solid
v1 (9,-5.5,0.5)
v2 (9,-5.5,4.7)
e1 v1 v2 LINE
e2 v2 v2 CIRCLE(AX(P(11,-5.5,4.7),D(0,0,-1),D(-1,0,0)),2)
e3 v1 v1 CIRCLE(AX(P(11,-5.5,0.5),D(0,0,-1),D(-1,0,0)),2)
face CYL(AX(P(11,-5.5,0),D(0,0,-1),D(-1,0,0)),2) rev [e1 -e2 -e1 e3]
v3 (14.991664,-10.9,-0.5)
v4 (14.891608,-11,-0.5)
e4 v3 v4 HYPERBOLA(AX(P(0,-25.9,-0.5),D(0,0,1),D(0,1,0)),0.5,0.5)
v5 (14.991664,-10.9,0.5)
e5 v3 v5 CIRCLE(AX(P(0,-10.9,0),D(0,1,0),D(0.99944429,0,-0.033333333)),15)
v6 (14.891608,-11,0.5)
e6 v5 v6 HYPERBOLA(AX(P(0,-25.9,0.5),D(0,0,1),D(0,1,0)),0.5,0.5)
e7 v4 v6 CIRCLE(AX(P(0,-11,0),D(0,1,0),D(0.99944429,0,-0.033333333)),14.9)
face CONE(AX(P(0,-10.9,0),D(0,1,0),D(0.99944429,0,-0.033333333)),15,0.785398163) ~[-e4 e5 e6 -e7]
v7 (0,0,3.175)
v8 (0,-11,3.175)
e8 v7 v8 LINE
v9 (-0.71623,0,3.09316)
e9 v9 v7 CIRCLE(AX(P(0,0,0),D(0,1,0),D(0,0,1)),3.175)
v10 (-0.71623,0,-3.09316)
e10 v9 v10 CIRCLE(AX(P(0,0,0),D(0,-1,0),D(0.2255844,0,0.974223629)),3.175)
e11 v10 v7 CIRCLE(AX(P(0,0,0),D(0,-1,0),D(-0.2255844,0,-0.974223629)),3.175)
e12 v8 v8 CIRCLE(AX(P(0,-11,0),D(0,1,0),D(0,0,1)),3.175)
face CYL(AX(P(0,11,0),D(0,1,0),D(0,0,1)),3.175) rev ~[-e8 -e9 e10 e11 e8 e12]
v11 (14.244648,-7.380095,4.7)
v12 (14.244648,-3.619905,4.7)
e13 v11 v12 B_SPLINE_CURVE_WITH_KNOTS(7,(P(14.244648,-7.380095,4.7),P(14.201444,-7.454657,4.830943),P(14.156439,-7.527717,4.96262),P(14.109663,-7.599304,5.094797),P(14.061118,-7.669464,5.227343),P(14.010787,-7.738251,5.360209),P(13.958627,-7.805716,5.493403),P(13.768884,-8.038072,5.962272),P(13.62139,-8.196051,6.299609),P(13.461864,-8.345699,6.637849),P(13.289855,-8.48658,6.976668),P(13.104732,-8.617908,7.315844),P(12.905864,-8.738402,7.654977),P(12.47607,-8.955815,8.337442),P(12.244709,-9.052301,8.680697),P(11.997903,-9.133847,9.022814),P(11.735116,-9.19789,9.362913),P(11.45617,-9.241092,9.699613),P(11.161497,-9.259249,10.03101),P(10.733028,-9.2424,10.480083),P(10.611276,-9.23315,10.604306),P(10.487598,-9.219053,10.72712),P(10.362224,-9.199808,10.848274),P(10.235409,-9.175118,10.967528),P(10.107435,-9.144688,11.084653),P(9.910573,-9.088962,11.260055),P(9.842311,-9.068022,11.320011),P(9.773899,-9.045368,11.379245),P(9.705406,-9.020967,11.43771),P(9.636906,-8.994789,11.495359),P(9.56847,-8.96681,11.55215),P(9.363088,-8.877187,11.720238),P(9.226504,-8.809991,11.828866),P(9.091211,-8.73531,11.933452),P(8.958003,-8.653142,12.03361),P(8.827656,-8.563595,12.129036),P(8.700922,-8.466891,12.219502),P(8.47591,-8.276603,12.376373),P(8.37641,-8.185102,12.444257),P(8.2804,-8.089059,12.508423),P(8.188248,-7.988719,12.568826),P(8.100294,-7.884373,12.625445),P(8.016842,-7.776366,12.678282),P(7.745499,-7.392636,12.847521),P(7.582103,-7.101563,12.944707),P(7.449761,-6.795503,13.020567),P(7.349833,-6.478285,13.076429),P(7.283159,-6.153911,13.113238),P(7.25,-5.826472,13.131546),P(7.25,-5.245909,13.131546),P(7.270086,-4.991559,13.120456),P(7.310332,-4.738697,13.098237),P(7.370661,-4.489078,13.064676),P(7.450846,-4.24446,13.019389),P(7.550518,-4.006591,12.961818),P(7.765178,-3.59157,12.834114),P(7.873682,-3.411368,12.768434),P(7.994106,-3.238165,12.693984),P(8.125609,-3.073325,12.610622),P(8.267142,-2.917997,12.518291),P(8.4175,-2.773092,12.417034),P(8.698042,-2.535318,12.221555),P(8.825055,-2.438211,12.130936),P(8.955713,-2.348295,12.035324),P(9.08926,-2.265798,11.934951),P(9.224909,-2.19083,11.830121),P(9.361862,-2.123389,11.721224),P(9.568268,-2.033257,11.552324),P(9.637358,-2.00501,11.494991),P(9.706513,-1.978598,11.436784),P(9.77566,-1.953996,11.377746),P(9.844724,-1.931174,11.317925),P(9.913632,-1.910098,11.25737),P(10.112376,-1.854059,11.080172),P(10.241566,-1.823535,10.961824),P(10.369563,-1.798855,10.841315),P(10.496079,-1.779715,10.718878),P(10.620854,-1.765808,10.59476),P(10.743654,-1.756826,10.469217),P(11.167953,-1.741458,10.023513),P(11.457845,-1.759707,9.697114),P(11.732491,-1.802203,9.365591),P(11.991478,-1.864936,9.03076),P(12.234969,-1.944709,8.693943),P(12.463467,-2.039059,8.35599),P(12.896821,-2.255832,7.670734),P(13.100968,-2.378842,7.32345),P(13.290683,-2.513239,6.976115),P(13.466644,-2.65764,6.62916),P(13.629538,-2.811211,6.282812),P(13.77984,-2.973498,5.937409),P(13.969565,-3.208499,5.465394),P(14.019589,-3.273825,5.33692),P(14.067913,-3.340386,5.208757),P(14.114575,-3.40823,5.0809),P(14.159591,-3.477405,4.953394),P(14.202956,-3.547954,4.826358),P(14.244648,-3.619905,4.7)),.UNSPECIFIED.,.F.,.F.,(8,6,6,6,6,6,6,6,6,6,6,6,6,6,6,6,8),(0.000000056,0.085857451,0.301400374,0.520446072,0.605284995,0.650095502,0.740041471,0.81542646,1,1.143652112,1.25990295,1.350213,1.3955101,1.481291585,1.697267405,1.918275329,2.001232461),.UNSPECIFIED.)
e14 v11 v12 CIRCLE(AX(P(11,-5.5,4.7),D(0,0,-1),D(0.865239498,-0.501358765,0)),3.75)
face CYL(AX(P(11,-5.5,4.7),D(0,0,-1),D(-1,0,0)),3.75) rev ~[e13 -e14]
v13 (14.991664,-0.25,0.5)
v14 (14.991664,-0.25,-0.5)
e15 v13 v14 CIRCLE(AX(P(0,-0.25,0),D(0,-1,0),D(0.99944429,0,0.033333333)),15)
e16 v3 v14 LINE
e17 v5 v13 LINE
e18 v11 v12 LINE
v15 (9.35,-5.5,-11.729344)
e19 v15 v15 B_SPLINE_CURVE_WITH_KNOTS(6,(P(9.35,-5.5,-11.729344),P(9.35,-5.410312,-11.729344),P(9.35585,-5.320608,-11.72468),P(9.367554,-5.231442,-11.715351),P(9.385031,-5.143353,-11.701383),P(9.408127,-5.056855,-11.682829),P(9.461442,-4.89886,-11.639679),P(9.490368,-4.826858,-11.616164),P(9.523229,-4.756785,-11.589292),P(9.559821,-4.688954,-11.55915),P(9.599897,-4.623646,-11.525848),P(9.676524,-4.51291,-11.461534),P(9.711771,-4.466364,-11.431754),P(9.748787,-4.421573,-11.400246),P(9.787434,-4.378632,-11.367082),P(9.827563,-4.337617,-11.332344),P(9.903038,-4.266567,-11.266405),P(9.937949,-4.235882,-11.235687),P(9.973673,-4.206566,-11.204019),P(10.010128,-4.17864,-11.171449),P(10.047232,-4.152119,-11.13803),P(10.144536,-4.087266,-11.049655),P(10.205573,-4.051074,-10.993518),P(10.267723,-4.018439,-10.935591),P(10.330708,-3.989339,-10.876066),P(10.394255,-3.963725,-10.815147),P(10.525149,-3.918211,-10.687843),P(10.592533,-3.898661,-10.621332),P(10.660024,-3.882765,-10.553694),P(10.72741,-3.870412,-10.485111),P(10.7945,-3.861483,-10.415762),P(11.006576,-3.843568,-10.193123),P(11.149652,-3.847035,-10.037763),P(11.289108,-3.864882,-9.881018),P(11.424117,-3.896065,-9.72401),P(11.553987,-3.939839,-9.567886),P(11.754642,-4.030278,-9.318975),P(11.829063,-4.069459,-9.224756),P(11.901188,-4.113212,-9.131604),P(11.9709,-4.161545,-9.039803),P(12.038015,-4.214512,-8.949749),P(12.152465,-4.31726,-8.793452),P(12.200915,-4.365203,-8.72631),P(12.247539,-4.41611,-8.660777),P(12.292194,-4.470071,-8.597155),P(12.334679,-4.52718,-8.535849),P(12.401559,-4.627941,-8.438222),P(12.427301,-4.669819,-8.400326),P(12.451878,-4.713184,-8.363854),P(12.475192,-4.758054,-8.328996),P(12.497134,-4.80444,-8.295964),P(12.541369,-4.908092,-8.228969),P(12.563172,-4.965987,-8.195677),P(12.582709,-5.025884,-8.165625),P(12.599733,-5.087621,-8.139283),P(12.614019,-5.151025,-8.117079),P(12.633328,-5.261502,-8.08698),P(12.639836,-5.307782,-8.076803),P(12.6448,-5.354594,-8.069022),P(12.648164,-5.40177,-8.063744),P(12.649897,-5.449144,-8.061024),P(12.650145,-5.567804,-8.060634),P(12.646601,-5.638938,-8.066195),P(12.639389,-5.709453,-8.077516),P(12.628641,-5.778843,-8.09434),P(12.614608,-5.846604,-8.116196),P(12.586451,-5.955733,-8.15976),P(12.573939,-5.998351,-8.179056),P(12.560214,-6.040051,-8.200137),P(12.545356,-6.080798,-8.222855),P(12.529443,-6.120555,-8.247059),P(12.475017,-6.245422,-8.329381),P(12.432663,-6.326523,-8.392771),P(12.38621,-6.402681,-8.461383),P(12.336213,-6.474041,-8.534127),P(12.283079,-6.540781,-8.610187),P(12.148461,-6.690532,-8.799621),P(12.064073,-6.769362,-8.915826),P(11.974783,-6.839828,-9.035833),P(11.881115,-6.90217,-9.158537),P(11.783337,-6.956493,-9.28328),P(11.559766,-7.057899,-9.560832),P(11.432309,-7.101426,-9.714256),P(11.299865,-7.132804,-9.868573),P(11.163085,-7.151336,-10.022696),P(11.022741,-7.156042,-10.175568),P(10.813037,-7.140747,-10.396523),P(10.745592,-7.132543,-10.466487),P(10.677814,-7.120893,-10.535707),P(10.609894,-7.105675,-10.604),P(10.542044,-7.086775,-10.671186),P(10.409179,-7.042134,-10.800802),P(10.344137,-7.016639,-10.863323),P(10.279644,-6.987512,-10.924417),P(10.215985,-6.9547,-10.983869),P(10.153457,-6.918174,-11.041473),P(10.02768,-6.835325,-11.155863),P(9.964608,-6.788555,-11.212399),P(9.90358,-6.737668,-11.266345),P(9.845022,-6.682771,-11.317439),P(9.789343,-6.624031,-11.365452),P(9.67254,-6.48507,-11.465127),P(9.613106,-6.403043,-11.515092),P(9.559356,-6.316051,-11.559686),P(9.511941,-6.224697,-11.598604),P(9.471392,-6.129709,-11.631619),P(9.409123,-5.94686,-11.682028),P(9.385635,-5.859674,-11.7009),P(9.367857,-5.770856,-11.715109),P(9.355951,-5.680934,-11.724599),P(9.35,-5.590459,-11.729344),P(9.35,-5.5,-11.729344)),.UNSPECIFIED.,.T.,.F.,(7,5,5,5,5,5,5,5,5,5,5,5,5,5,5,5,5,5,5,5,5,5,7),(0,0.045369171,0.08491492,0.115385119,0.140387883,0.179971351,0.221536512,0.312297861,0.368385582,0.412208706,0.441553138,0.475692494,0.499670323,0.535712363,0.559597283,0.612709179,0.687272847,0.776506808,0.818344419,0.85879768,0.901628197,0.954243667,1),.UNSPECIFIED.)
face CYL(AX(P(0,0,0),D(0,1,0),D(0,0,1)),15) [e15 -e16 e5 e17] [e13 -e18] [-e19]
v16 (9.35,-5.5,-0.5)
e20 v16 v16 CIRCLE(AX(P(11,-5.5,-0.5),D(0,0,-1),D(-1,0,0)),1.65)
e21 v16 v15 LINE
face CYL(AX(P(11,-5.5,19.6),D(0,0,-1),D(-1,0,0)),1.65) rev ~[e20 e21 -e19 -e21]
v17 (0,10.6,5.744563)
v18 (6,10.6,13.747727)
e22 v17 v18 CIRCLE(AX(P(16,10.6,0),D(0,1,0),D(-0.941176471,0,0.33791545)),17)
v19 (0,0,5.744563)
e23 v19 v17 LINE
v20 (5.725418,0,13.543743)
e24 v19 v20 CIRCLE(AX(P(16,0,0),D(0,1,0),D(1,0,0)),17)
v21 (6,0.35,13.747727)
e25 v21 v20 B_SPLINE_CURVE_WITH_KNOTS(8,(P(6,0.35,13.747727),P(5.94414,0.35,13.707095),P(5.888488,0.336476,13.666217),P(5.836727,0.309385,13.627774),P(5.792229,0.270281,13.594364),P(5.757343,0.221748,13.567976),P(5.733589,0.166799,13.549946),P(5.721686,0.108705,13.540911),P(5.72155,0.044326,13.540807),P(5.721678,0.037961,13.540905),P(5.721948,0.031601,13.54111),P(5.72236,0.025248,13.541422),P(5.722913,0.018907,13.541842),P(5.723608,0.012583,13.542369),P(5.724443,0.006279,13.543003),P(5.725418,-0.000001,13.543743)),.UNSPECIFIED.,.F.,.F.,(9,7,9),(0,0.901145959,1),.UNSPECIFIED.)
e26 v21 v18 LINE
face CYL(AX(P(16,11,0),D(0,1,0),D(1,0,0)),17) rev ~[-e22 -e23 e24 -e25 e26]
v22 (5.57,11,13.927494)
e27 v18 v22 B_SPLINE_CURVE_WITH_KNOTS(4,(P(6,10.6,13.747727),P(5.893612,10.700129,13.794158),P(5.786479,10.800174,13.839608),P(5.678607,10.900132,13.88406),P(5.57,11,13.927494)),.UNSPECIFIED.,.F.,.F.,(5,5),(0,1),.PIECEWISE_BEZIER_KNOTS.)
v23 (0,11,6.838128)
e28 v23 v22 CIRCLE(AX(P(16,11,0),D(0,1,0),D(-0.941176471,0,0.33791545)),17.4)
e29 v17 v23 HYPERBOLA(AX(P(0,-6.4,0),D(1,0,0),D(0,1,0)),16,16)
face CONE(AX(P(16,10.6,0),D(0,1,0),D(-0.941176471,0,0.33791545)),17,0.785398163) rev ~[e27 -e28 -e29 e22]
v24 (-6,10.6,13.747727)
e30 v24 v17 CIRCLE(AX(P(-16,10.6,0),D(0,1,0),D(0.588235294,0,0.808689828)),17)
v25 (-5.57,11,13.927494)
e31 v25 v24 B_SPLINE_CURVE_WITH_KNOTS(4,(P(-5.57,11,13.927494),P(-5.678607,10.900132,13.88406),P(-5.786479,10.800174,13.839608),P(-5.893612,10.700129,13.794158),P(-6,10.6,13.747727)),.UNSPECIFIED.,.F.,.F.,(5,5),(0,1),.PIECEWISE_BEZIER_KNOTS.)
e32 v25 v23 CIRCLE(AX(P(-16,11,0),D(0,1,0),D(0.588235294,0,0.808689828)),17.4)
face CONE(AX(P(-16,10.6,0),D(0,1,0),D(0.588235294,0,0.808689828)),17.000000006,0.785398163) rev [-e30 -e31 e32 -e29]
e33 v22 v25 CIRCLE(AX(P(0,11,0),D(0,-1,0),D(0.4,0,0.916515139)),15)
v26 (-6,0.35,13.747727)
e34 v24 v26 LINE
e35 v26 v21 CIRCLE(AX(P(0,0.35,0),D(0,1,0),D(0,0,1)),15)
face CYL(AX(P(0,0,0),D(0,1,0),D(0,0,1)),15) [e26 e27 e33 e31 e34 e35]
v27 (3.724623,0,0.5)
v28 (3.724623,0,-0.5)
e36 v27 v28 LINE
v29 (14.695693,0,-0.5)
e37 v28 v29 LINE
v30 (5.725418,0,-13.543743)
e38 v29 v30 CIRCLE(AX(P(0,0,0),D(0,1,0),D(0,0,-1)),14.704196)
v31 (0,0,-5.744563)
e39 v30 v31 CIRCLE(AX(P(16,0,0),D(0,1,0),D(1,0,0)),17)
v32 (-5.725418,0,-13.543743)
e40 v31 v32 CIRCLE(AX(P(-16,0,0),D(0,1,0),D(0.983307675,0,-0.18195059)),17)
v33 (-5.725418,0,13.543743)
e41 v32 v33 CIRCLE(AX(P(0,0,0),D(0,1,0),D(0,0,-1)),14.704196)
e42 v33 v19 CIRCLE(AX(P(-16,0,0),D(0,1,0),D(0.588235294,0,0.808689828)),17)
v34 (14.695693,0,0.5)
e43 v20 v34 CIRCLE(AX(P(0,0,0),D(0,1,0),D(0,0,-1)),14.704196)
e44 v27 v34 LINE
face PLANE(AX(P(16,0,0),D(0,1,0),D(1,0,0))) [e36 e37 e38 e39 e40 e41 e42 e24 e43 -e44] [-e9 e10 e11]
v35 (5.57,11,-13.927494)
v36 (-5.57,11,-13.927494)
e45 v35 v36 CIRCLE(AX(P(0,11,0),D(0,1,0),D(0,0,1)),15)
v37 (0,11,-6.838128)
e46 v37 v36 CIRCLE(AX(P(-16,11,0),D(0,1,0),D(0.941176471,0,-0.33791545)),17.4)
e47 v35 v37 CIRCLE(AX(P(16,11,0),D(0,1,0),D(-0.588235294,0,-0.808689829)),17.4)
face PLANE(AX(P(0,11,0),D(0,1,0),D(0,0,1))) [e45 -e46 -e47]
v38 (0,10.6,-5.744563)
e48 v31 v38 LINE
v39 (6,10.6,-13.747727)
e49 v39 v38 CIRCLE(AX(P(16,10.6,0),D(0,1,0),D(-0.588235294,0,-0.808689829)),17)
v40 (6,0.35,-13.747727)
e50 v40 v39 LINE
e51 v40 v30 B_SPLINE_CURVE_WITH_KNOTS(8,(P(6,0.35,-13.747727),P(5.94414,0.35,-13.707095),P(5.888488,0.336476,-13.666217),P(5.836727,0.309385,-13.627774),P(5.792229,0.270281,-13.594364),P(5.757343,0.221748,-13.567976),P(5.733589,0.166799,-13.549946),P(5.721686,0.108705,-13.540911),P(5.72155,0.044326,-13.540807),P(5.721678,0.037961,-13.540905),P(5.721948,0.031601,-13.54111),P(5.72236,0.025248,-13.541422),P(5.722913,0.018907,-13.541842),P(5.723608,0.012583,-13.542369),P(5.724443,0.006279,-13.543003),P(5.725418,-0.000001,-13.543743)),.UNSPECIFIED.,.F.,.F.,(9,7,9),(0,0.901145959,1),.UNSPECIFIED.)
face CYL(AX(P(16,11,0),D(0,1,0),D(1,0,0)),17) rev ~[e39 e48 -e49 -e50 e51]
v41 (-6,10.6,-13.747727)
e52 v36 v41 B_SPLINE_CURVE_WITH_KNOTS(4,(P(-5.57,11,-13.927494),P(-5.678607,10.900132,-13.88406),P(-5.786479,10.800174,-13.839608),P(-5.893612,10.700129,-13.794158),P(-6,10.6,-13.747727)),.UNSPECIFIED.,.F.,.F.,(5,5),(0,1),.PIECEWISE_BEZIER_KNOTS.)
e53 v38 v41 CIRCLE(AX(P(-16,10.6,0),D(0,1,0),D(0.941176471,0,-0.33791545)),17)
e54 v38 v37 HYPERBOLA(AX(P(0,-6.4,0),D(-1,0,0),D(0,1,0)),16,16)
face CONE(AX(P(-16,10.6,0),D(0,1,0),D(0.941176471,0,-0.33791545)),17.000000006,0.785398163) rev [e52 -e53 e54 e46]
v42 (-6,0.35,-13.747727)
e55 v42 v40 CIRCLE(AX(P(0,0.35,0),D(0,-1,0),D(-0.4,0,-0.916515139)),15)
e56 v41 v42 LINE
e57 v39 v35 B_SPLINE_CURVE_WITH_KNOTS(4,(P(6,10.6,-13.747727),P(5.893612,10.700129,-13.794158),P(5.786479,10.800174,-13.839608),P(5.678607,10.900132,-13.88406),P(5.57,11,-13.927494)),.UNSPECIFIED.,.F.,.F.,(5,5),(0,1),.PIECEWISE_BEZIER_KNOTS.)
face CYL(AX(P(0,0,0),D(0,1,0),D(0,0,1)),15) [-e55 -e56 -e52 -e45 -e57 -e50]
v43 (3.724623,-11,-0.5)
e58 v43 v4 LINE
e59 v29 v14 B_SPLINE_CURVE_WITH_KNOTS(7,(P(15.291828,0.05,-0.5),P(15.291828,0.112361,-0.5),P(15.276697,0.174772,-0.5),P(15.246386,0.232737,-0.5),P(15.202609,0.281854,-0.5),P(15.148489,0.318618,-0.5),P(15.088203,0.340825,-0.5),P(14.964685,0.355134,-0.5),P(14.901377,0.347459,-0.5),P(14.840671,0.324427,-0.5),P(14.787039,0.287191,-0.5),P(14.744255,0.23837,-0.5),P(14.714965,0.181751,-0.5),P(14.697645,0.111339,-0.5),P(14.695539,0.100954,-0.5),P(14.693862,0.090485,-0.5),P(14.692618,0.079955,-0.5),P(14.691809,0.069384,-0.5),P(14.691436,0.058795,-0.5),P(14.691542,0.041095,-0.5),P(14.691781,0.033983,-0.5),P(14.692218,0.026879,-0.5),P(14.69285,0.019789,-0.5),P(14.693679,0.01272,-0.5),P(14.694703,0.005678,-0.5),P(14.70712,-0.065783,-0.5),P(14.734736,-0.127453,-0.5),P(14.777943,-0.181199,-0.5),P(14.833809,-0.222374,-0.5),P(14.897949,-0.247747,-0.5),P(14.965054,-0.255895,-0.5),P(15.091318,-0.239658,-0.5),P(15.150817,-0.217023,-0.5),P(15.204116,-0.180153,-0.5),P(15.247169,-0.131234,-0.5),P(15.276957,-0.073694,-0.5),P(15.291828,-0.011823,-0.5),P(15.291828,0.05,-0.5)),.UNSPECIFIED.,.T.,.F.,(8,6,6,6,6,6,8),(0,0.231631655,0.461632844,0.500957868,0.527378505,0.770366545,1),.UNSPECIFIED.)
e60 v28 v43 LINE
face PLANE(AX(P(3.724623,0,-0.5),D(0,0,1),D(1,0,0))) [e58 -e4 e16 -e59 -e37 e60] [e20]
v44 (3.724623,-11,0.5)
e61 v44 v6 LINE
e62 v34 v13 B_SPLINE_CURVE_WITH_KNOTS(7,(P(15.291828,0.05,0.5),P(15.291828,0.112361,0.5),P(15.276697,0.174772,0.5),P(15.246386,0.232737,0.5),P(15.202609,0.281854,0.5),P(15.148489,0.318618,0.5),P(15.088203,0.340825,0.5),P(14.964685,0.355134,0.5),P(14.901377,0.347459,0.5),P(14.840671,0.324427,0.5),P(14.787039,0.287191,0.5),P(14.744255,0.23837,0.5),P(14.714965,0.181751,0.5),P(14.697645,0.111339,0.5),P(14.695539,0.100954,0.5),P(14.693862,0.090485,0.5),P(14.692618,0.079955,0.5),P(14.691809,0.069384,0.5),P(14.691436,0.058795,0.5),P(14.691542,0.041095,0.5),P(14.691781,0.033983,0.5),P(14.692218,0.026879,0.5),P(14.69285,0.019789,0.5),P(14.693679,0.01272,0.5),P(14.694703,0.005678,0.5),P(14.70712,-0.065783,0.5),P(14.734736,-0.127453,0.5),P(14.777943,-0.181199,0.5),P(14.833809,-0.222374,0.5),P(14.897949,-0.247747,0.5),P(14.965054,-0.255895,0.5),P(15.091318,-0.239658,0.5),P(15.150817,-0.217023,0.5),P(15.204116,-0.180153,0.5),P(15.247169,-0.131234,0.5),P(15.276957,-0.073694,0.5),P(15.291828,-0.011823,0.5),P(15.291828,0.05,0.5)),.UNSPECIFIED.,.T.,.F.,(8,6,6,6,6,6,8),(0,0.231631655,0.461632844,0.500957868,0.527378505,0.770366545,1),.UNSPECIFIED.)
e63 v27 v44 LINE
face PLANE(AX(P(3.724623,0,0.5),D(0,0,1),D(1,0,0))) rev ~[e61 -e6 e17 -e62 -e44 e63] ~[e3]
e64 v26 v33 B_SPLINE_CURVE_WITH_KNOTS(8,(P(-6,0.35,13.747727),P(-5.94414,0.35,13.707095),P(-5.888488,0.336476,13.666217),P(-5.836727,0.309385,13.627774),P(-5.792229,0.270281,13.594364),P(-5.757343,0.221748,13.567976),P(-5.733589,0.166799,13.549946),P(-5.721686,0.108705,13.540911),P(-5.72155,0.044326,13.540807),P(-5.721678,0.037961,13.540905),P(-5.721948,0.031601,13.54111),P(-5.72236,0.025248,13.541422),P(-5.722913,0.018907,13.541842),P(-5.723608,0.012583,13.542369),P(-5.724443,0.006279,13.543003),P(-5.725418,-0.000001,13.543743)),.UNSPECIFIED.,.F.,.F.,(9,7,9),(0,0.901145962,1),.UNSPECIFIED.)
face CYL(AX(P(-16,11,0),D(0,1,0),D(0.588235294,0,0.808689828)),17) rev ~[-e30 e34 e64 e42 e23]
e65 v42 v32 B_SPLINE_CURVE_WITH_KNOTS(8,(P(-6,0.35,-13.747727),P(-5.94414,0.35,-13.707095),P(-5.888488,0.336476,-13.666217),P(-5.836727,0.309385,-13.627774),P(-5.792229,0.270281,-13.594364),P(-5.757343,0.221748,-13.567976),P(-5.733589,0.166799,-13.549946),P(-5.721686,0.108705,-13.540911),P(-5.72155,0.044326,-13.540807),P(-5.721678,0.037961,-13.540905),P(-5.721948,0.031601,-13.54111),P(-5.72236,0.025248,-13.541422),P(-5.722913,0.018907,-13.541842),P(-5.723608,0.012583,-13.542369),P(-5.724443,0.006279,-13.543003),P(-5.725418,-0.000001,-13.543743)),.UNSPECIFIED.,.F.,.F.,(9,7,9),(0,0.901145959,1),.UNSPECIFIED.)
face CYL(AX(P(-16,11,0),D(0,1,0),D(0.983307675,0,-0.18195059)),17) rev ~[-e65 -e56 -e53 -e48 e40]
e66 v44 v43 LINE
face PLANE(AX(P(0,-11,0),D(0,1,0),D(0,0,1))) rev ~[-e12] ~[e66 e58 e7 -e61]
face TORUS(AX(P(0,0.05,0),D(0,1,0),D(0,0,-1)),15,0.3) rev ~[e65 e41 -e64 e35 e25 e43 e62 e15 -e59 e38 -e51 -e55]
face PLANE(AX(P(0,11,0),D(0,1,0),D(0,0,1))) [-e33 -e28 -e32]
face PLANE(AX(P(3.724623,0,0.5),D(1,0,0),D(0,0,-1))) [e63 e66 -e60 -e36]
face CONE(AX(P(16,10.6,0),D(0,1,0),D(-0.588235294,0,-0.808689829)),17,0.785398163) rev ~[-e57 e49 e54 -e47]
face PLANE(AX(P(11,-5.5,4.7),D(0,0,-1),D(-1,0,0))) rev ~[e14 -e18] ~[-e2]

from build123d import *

# Parameters (mm, degrees)
SKETCH1_R             = 15
BOSS_EXTRUDE1_DEPTH   = 11
SKETCH2_R             = 3.175
CUT_EXTRUDE1_DEPTH    = 23
SKETCH3_R             = 17
CUT_EXTRUDE2_DEPTH    = 11
CUT_EXTRUDE3_DEPTH    = 11
SKETCH5_W             = 16.165630516
SKETCH5_H             = 1
CUT_EXTRUDE4_DEPTH    = 21
SKETCH6_R             = 2
CUT_EXTRUDE5_DEPTH    = 21
CUT_EXTRUDE6_START    = -4.2
SKETCH7_R             = 3.75
CUT_EXTRUDE6_DEPTH    = 21
M4_TAPPED_HOLE1_D     = 3.3
M4_TAPPED_HOLE1_DEPTH = 20.1
M4_TAPPED_HOLE1_TIP   = 0.991420021
CHAMFER2_SIZE         = 0.1
PAH1_SIZE             = 0.4
IZIM1_R               = 0.3


with BuildPart() as part:
    # Sketch1 → Boss-Extrude1 (new, symmetric)
    with BuildSketch(Plane(origin=(0, 0, 0), x_dir=(1, 0, 0), z_dir=(0, 1, 0))):
        with Locations(Location((0, 0, 0), (0, 0, 270))):
            Circle(SKETCH1_R)
    extrude(amount=BOSS_EXTRUDE1_DEPTH, both=True)

    # Sketch2 → Cut-Extrude1 (cut)
    with BuildSketch(Plane(origin=(0, 11, 0), x_dir=(1, 0, 0), z_dir=(0, 1, 0))):
        with Locations(Location((0, 0, 0), (0, 0, 270))):
            Circle(SKETCH2_R)
    extrude(amount=-CUT_EXTRUDE1_DEPTH, mode=Mode.SUBTRACT)

    # Sketch3 → Cut-Extrude2 (cut)
    with BuildSketch(Plane(origin=(0, 11, 0), x_dir=(1, 0, 0), z_dir=(0, 1, 0))):
        with Locations((16, 0)):
            Circle(SKETCH3_R)
    extrude(amount=-CUT_EXTRUDE2_DEPTH, mode=Mode.SUBTRACT)

    # Sketch4 → Cut-Extrude3 (cut)
    with BuildSketch(Plane(origin=(0, 11, 0), x_dir=(1, 0, 0), z_dir=(0, 1, 0))):
        with BuildLine():
            ThreePointArc((-6, 13.747727085), (-15, 0), (-6, -13.747727085))
            ThreePointArc((-6, -13.747727085), (-1.6187903, -9.065363068), (0.716230469, -3.093160021))
            ThreePointArc((0.716230469, -3.093160021), (-3.175, 0), (0.716230469, 3.093160021))
            ThreePointArc((0.716230469, 3.093160021), (-1.6187903, 9.065363068), (-6, 13.747727085))
        make_face()
    extrude(amount=-CUT_EXTRUDE3_DEPTH, mode=Mode.SUBTRACT)

    # Sketch5 → Cut-Extrude4 (cut)
    with BuildSketch(Plane(origin=(0, 0, 0), x_dir=(1, 0, 0), z_dir=(0, 1, 0))):
        with Locations((11.807437966, 0)):
            Rectangle(SKETCH5_W, SKETCH5_H)
    extrude(amount=-CUT_EXTRUDE4_DEPTH, mode=Mode.SUBTRACT)

    # Sketch6 → Cut-Extrude5 (cut)
    with BuildSketch(Plane.XY):
        with Locations(Location((11, -5.5, 0), (0, 0, 180))):
            Circle(SKETCH6_R)
    extrude(amount=CUT_EXTRUDE5_DEPTH, mode=Mode.SUBTRACT)

    # Sketch7 → Cut-Extrude6 (cut)
    with BuildSketch(Plane(origin=(0, 0, 0.5), x_dir=(-1, 0, 0), z_dir=(0, 0, -1)).offset(CUT_EXTRUDE6_START)):
        with Locations((-11, -5.5)):
            Circle(SKETCH7_R)
    extrude(amount=-CUT_EXTRUDE6_DEPTH, mode=Mode.SUBTRACT)

    # M4 Tapped Hole1
    with Locations(Plane.XY.offset(-0.5)):
        with Locations((11, -5.5)):
            Hole(M4_TAPPED_HOLE1_D / 2, depth=M4_TAPPED_HOLE1_DEPTH)
            with Locations((0, 0, -(M4_TAPPED_HOLE1_DEPTH + M4_TAPPED_HOLE1_TIP / 2))):  # 118° drill point
                Cone(0, M4_TAPPED_HOLE1_D / 2, M4_TAPPED_HOLE1_TIP, mode=Mode.SUBTRACT)

    # Chamfer2
    chamfer2_edges = [part.edges().sort_by_distance(p)[0] for p in [
        (-15, -11, 0),
    ]]
    chamfer(chamfer2_edges, length=CHAMFER2_SIZE)

    # Pah1
    pah1_edges = [part.edges().sort_by_distance(p)[0] for p in [
        (2.398064099, 11, -10.197418288),
        (2.398064099, 11, 10.197418288),
        (-2.398064099, 11, 10.197418288),
        (-2.398064099, 11, -10.197418288),
    ]]
    chamfer(pah1_edges, length=PAH1_SIZE)

    # Çizim1 → Kes-Döndür4 (revolve, cut)
    with BuildSketch(Plane(origin=(0, 0, 0), x_dir=(0, 0, -1), z_dir=(1, 0, 0))):
        with Locations((15, 0.05)):
            Circle(IZIM1_R)
    revolve(axis=Axis((0, -10.9, 0), (0, 1, 0)), mode=Mode.SUBTRACT)


solid = part.part
